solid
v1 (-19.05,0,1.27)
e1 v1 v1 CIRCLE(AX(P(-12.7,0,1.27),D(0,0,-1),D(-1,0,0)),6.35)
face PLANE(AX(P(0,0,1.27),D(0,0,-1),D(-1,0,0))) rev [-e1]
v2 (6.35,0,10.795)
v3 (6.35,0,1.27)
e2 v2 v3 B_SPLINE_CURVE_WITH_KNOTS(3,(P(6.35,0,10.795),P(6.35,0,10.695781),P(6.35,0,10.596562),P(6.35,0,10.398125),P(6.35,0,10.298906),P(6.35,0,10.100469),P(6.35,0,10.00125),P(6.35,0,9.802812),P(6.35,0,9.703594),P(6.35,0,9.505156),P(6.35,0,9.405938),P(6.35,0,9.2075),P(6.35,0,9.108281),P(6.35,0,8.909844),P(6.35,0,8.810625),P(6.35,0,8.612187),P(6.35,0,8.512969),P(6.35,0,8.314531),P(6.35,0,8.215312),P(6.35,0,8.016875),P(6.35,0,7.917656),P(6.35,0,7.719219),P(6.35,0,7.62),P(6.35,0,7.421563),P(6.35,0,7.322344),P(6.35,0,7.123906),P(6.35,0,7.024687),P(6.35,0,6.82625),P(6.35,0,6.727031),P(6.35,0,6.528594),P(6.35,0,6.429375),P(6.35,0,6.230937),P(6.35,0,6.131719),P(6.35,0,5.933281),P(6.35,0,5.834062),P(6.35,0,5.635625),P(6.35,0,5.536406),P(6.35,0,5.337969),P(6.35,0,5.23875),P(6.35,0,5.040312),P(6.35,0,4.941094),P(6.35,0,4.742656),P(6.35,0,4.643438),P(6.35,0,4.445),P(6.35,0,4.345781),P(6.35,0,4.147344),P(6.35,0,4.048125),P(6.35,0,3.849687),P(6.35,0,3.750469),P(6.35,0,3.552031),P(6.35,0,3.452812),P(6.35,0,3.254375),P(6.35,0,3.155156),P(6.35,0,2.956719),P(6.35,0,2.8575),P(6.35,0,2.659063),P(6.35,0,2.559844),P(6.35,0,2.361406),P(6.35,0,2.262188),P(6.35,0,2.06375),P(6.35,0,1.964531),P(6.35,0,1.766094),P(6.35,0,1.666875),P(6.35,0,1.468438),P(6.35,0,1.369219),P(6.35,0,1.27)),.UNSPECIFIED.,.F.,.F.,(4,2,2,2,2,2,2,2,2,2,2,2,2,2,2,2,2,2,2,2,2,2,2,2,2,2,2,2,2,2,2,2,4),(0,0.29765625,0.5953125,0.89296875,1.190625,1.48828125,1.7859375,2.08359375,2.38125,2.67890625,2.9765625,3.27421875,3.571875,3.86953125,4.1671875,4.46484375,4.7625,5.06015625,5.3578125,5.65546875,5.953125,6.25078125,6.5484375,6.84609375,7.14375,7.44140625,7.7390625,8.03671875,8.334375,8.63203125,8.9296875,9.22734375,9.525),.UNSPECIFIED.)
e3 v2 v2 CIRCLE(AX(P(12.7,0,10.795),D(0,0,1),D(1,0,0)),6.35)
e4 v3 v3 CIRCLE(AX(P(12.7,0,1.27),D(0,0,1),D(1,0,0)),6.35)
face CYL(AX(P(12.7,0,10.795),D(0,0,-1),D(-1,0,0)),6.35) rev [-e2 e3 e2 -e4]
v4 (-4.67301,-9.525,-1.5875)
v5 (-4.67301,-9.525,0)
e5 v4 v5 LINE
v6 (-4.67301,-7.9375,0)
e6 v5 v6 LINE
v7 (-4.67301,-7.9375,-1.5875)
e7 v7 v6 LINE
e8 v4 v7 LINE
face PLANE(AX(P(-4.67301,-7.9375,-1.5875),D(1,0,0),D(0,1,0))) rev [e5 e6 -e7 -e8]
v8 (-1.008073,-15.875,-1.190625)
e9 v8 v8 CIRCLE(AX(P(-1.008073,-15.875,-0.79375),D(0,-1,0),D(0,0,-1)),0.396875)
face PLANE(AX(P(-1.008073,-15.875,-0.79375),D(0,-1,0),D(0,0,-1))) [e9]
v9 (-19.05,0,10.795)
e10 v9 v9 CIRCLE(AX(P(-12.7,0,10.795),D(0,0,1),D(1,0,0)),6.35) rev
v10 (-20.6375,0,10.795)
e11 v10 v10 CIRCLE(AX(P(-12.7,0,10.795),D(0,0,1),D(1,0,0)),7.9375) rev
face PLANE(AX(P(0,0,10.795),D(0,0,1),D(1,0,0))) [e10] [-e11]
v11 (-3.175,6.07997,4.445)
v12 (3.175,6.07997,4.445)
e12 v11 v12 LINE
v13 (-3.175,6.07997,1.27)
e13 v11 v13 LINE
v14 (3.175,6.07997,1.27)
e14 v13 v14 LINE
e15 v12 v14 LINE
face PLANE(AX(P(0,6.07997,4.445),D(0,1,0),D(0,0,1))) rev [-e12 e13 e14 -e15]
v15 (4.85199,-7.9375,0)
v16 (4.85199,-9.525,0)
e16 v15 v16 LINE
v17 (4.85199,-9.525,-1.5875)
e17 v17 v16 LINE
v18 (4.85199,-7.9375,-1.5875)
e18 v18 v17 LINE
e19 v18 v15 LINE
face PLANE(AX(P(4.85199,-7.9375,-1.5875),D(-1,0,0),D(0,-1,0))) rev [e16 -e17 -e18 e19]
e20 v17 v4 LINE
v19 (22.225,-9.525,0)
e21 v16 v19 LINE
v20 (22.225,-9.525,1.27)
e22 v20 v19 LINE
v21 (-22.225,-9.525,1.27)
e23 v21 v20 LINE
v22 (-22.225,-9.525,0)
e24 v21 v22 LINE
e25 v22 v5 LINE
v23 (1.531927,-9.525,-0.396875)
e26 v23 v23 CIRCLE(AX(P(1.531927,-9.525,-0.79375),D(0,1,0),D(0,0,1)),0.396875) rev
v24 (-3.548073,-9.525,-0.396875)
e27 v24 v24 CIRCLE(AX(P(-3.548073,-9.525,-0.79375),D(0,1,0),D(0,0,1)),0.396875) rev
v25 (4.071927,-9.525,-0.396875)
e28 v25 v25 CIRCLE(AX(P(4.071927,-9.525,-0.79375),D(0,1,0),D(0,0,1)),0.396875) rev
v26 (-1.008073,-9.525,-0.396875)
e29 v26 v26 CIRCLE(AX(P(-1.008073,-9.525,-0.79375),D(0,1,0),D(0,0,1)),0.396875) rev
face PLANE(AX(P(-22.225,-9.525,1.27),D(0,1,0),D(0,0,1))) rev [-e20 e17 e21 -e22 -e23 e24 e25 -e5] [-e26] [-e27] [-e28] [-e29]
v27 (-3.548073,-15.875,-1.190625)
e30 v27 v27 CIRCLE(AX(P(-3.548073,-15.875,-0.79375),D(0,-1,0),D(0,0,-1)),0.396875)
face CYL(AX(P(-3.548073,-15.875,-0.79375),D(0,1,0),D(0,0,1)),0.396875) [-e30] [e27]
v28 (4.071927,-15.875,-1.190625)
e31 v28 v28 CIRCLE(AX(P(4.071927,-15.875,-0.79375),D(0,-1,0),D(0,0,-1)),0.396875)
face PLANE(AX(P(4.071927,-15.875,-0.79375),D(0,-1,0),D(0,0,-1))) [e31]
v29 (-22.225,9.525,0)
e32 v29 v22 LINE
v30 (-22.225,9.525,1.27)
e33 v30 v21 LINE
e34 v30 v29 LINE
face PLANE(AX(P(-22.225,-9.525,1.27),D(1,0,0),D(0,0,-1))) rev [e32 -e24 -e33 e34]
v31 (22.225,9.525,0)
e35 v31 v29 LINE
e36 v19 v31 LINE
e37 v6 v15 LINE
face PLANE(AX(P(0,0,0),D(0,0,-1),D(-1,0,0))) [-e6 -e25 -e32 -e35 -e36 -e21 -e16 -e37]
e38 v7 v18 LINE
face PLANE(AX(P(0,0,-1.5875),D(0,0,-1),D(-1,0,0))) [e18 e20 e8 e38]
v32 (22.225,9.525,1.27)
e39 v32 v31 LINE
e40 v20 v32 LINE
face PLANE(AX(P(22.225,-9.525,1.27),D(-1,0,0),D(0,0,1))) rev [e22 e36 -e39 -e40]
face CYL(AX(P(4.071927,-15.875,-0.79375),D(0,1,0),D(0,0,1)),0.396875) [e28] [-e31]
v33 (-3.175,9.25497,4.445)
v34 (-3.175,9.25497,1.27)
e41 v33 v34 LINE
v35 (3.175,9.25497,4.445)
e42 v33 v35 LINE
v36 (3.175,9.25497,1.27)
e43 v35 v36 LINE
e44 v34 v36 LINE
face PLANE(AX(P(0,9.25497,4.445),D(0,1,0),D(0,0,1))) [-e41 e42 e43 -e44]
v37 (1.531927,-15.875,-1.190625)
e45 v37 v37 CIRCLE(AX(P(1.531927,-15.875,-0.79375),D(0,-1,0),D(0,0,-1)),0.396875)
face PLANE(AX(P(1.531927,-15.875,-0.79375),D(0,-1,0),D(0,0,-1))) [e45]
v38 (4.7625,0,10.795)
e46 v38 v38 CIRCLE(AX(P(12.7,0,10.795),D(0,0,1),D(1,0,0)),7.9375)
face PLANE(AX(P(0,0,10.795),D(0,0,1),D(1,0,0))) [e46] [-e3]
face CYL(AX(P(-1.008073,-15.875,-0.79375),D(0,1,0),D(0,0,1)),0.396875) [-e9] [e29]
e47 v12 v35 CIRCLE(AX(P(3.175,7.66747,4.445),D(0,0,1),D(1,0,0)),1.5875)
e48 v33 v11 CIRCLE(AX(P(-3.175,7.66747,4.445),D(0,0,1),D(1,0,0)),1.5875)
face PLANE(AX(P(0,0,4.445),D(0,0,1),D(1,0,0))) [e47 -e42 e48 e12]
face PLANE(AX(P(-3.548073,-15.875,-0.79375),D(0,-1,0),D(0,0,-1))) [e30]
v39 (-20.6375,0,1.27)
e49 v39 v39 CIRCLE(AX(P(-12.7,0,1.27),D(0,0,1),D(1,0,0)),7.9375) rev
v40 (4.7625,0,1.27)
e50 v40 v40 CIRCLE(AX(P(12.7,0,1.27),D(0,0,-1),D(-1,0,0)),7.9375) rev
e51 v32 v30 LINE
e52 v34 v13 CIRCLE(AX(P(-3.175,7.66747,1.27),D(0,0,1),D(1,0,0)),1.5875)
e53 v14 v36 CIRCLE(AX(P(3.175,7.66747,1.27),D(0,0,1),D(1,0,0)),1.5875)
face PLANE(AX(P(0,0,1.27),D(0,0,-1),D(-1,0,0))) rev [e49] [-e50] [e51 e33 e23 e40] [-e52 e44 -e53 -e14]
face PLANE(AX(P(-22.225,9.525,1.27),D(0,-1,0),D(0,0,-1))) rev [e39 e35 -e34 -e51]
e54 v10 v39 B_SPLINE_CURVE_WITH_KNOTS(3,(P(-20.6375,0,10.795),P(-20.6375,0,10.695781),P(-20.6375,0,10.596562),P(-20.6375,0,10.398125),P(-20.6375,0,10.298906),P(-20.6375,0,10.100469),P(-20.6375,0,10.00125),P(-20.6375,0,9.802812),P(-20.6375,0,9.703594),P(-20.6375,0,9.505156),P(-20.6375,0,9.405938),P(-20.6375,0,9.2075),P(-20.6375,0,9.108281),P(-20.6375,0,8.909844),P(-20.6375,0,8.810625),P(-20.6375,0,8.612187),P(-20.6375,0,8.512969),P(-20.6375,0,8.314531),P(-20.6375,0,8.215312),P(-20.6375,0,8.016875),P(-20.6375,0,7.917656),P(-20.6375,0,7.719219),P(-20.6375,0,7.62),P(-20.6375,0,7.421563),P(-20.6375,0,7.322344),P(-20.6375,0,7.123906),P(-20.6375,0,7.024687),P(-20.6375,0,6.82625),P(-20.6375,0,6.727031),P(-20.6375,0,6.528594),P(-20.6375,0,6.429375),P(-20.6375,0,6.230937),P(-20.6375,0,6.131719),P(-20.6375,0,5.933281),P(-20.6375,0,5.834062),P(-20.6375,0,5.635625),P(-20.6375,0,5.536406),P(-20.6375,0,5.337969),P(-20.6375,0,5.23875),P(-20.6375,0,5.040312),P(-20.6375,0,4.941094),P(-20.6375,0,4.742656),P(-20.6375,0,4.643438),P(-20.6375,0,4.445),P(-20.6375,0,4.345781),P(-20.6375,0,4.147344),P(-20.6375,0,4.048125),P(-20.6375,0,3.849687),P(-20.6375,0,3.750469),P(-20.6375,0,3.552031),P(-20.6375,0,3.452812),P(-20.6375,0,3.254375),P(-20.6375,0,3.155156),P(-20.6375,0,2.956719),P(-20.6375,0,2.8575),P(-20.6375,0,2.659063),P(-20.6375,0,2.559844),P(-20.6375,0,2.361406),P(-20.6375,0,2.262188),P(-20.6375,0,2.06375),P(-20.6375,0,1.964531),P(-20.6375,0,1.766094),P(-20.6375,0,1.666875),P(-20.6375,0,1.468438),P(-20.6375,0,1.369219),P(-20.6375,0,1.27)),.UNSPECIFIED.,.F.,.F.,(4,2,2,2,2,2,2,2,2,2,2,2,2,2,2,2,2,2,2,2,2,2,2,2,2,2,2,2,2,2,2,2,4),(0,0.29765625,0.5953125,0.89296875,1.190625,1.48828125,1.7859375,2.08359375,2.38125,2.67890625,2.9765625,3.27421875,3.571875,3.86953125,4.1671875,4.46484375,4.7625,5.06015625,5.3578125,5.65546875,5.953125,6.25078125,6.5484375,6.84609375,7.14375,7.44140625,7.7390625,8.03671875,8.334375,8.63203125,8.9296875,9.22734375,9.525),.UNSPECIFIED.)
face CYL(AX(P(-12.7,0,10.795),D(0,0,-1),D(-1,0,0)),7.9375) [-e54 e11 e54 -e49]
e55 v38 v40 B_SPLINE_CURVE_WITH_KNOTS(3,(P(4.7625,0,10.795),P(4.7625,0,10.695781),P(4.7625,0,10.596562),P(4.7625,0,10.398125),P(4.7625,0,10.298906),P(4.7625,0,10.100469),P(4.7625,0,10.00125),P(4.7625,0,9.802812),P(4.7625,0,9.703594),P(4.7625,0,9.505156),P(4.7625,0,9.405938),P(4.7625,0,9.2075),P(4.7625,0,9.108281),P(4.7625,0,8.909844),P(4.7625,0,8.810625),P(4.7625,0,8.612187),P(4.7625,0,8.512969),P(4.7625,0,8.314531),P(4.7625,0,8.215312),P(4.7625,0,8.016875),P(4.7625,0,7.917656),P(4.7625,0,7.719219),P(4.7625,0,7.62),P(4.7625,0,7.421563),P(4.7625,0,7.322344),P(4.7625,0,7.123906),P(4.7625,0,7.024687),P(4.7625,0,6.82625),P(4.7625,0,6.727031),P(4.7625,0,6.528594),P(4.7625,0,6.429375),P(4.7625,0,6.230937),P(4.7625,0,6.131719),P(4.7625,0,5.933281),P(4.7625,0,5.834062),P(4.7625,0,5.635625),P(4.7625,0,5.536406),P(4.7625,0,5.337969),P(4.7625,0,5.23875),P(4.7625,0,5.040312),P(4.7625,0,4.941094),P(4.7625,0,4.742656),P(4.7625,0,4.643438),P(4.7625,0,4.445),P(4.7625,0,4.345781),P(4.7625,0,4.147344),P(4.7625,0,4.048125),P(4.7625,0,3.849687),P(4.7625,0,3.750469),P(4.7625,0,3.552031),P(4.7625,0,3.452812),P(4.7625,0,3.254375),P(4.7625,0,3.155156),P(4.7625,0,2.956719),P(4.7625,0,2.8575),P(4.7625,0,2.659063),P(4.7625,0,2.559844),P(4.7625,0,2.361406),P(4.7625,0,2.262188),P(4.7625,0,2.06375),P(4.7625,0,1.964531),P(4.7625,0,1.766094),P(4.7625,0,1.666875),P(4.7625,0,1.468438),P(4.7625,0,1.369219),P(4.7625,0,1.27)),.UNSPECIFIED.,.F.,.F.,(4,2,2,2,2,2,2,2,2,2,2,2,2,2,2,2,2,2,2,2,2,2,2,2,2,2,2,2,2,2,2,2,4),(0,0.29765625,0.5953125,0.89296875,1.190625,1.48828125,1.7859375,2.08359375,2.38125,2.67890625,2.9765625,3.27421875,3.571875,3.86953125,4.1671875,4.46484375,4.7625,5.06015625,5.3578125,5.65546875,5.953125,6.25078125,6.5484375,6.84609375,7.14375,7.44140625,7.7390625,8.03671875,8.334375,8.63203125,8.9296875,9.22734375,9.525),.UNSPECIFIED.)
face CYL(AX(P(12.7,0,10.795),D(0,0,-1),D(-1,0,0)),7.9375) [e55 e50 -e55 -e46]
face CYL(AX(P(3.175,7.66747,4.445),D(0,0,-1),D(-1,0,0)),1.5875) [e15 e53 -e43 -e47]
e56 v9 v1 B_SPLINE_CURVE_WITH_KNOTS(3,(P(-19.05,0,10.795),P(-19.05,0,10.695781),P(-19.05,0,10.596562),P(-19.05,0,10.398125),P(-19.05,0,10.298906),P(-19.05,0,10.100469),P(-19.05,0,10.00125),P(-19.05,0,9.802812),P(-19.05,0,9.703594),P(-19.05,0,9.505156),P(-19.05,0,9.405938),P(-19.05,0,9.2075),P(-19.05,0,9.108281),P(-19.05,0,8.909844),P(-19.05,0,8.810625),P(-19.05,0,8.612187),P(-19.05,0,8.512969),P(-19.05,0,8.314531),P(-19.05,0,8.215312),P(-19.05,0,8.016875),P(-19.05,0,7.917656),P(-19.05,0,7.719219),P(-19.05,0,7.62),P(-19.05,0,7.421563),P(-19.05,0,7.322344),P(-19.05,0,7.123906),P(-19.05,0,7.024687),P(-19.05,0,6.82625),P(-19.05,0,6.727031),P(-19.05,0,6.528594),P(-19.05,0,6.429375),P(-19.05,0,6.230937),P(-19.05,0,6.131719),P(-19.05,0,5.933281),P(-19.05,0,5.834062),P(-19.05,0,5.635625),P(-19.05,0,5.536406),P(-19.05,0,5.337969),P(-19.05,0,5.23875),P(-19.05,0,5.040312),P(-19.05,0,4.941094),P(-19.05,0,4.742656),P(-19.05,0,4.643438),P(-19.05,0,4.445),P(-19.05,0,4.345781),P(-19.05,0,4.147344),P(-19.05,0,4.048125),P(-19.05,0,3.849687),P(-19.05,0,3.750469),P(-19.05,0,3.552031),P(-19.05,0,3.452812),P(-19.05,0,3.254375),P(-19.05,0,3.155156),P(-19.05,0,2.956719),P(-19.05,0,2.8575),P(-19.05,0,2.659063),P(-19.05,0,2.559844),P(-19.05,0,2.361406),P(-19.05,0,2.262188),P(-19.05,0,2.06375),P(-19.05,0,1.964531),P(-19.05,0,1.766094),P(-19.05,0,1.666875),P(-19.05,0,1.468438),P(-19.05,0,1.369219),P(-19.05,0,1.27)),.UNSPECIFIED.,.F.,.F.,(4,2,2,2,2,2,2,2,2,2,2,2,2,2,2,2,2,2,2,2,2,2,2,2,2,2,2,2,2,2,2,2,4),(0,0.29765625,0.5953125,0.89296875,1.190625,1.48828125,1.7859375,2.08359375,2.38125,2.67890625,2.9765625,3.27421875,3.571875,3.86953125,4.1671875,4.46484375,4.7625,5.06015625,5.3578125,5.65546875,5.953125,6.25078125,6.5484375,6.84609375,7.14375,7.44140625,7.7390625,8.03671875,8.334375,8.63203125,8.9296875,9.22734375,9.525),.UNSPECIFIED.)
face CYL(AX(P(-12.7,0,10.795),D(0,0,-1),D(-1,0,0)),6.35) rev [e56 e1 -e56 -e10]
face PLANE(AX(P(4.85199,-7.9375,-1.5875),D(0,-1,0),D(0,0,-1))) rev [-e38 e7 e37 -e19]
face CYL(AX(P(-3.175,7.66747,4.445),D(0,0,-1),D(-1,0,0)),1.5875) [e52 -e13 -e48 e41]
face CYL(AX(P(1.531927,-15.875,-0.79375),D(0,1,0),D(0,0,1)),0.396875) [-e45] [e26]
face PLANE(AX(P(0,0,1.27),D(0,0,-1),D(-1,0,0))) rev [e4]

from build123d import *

# Parameters (mm, degrees)
SKETCH1_W           = 44.45
SKETCH1_H           = 19.05
BOSS_EXTRUDE1_DEPTH = 1.27
SKETCH2_R           = 7.9375
SKETCH2_R_2         = 6.35
BOSS_EXTRUDE2_DEPTH = 9.525
SKETCH4_W           = 9.525
SKETCH4_H           = 1.5875
BOSS_EXTRUDE3_DEPTH = 1.5875
SKETCH5_R           = 0.396875
BOSS_EXTRUDE4_DEPTH = 6.35
BOSS_EXTRUDE5_DEPTH = 3.175


with BuildPart() as part:
    # Sketch1 → Boss-Extrude1 (new body)
    with BuildSketch(Plane.XY):
        Rectangle(SKETCH1_W, SKETCH1_H)
    extrude(amount=BOSS_EXTRUDE1_DEPTH)

    # Sketch2 → Boss-Extrude2 (add)
    # profile 1 of 2: a face of its own
    with BuildSketch(Plane.XY.offset(1.27)):
        with Locations((12.7, 0)):
            Circle(SKETCH2_R)
        with Locations((12.7, 0)):
            Circle(SKETCH2_R_2, mode=Mode.SUBTRACT)
    # profile 2 of 2: a face of its own
    with BuildSketch(Plane.XY.offset(1.27)):
        with Locations((-12.7, 0)):
            Circle(SKETCH2_R)
        with Locations((-12.7, 0)):
            Circle(SKETCH2_R_2, mode=Mode.SUBTRACT)
    extrude(amount=BOSS_EXTRUDE2_DEPTH)

    # Sketch4 → Boss-Extrude3 (add)
    with BuildSketch(Plane(origin=(0, 0, 0), x_dir=(-1, 0, 0), z_dir=(0, 0, -1))):
        with Locations((-0.089489862, -8.73125)):
            Rectangle(SKETCH4_W, SKETCH4_H)
    extrude(amount=BOSS_EXTRUDE3_DEPTH)

    # Sketch5 → Boss-Extrude4 (add)
    with BuildSketch(Plane.XZ.offset(9.525)):
        with Locations((-3.548073308, -0.79375)):
            Circle(SKETCH5_R)
        with Locations((-1.008073308, -0.79375)):
            Circle(SKETCH5_R)
        with Locations((1.531926692, -0.79375)):
            Circle(SKETCH5_R)
        with Locations((4.071926692, -0.79375)):
            Circle(SKETCH5_R)
    extrude(amount=BOSS_EXTRUDE4_DEPTH)

    # Sketch6 → Boss-Extrude5 (add)
    with BuildSketch(Plane.XY.offset(1.27)):
        with BuildLine():
            ThreePointArc((-3.175, 9.254970204), (-4.7625, 7.667470204), (-3.175, 6.079970204))
            Line((-3.175, 6.079970204), (3.175, 6.079970204))
            ThreePointArc((3.175, 6.079970204), (4.7625, 7.667470204), (3.175, 9.254970204))
            Line((3.175, 9.254970204), (-3.175, 9.254970204))
        make_face()
    extrude(amount=BOSS_EXTRUDE5_DEPTH)


solid = part.part
